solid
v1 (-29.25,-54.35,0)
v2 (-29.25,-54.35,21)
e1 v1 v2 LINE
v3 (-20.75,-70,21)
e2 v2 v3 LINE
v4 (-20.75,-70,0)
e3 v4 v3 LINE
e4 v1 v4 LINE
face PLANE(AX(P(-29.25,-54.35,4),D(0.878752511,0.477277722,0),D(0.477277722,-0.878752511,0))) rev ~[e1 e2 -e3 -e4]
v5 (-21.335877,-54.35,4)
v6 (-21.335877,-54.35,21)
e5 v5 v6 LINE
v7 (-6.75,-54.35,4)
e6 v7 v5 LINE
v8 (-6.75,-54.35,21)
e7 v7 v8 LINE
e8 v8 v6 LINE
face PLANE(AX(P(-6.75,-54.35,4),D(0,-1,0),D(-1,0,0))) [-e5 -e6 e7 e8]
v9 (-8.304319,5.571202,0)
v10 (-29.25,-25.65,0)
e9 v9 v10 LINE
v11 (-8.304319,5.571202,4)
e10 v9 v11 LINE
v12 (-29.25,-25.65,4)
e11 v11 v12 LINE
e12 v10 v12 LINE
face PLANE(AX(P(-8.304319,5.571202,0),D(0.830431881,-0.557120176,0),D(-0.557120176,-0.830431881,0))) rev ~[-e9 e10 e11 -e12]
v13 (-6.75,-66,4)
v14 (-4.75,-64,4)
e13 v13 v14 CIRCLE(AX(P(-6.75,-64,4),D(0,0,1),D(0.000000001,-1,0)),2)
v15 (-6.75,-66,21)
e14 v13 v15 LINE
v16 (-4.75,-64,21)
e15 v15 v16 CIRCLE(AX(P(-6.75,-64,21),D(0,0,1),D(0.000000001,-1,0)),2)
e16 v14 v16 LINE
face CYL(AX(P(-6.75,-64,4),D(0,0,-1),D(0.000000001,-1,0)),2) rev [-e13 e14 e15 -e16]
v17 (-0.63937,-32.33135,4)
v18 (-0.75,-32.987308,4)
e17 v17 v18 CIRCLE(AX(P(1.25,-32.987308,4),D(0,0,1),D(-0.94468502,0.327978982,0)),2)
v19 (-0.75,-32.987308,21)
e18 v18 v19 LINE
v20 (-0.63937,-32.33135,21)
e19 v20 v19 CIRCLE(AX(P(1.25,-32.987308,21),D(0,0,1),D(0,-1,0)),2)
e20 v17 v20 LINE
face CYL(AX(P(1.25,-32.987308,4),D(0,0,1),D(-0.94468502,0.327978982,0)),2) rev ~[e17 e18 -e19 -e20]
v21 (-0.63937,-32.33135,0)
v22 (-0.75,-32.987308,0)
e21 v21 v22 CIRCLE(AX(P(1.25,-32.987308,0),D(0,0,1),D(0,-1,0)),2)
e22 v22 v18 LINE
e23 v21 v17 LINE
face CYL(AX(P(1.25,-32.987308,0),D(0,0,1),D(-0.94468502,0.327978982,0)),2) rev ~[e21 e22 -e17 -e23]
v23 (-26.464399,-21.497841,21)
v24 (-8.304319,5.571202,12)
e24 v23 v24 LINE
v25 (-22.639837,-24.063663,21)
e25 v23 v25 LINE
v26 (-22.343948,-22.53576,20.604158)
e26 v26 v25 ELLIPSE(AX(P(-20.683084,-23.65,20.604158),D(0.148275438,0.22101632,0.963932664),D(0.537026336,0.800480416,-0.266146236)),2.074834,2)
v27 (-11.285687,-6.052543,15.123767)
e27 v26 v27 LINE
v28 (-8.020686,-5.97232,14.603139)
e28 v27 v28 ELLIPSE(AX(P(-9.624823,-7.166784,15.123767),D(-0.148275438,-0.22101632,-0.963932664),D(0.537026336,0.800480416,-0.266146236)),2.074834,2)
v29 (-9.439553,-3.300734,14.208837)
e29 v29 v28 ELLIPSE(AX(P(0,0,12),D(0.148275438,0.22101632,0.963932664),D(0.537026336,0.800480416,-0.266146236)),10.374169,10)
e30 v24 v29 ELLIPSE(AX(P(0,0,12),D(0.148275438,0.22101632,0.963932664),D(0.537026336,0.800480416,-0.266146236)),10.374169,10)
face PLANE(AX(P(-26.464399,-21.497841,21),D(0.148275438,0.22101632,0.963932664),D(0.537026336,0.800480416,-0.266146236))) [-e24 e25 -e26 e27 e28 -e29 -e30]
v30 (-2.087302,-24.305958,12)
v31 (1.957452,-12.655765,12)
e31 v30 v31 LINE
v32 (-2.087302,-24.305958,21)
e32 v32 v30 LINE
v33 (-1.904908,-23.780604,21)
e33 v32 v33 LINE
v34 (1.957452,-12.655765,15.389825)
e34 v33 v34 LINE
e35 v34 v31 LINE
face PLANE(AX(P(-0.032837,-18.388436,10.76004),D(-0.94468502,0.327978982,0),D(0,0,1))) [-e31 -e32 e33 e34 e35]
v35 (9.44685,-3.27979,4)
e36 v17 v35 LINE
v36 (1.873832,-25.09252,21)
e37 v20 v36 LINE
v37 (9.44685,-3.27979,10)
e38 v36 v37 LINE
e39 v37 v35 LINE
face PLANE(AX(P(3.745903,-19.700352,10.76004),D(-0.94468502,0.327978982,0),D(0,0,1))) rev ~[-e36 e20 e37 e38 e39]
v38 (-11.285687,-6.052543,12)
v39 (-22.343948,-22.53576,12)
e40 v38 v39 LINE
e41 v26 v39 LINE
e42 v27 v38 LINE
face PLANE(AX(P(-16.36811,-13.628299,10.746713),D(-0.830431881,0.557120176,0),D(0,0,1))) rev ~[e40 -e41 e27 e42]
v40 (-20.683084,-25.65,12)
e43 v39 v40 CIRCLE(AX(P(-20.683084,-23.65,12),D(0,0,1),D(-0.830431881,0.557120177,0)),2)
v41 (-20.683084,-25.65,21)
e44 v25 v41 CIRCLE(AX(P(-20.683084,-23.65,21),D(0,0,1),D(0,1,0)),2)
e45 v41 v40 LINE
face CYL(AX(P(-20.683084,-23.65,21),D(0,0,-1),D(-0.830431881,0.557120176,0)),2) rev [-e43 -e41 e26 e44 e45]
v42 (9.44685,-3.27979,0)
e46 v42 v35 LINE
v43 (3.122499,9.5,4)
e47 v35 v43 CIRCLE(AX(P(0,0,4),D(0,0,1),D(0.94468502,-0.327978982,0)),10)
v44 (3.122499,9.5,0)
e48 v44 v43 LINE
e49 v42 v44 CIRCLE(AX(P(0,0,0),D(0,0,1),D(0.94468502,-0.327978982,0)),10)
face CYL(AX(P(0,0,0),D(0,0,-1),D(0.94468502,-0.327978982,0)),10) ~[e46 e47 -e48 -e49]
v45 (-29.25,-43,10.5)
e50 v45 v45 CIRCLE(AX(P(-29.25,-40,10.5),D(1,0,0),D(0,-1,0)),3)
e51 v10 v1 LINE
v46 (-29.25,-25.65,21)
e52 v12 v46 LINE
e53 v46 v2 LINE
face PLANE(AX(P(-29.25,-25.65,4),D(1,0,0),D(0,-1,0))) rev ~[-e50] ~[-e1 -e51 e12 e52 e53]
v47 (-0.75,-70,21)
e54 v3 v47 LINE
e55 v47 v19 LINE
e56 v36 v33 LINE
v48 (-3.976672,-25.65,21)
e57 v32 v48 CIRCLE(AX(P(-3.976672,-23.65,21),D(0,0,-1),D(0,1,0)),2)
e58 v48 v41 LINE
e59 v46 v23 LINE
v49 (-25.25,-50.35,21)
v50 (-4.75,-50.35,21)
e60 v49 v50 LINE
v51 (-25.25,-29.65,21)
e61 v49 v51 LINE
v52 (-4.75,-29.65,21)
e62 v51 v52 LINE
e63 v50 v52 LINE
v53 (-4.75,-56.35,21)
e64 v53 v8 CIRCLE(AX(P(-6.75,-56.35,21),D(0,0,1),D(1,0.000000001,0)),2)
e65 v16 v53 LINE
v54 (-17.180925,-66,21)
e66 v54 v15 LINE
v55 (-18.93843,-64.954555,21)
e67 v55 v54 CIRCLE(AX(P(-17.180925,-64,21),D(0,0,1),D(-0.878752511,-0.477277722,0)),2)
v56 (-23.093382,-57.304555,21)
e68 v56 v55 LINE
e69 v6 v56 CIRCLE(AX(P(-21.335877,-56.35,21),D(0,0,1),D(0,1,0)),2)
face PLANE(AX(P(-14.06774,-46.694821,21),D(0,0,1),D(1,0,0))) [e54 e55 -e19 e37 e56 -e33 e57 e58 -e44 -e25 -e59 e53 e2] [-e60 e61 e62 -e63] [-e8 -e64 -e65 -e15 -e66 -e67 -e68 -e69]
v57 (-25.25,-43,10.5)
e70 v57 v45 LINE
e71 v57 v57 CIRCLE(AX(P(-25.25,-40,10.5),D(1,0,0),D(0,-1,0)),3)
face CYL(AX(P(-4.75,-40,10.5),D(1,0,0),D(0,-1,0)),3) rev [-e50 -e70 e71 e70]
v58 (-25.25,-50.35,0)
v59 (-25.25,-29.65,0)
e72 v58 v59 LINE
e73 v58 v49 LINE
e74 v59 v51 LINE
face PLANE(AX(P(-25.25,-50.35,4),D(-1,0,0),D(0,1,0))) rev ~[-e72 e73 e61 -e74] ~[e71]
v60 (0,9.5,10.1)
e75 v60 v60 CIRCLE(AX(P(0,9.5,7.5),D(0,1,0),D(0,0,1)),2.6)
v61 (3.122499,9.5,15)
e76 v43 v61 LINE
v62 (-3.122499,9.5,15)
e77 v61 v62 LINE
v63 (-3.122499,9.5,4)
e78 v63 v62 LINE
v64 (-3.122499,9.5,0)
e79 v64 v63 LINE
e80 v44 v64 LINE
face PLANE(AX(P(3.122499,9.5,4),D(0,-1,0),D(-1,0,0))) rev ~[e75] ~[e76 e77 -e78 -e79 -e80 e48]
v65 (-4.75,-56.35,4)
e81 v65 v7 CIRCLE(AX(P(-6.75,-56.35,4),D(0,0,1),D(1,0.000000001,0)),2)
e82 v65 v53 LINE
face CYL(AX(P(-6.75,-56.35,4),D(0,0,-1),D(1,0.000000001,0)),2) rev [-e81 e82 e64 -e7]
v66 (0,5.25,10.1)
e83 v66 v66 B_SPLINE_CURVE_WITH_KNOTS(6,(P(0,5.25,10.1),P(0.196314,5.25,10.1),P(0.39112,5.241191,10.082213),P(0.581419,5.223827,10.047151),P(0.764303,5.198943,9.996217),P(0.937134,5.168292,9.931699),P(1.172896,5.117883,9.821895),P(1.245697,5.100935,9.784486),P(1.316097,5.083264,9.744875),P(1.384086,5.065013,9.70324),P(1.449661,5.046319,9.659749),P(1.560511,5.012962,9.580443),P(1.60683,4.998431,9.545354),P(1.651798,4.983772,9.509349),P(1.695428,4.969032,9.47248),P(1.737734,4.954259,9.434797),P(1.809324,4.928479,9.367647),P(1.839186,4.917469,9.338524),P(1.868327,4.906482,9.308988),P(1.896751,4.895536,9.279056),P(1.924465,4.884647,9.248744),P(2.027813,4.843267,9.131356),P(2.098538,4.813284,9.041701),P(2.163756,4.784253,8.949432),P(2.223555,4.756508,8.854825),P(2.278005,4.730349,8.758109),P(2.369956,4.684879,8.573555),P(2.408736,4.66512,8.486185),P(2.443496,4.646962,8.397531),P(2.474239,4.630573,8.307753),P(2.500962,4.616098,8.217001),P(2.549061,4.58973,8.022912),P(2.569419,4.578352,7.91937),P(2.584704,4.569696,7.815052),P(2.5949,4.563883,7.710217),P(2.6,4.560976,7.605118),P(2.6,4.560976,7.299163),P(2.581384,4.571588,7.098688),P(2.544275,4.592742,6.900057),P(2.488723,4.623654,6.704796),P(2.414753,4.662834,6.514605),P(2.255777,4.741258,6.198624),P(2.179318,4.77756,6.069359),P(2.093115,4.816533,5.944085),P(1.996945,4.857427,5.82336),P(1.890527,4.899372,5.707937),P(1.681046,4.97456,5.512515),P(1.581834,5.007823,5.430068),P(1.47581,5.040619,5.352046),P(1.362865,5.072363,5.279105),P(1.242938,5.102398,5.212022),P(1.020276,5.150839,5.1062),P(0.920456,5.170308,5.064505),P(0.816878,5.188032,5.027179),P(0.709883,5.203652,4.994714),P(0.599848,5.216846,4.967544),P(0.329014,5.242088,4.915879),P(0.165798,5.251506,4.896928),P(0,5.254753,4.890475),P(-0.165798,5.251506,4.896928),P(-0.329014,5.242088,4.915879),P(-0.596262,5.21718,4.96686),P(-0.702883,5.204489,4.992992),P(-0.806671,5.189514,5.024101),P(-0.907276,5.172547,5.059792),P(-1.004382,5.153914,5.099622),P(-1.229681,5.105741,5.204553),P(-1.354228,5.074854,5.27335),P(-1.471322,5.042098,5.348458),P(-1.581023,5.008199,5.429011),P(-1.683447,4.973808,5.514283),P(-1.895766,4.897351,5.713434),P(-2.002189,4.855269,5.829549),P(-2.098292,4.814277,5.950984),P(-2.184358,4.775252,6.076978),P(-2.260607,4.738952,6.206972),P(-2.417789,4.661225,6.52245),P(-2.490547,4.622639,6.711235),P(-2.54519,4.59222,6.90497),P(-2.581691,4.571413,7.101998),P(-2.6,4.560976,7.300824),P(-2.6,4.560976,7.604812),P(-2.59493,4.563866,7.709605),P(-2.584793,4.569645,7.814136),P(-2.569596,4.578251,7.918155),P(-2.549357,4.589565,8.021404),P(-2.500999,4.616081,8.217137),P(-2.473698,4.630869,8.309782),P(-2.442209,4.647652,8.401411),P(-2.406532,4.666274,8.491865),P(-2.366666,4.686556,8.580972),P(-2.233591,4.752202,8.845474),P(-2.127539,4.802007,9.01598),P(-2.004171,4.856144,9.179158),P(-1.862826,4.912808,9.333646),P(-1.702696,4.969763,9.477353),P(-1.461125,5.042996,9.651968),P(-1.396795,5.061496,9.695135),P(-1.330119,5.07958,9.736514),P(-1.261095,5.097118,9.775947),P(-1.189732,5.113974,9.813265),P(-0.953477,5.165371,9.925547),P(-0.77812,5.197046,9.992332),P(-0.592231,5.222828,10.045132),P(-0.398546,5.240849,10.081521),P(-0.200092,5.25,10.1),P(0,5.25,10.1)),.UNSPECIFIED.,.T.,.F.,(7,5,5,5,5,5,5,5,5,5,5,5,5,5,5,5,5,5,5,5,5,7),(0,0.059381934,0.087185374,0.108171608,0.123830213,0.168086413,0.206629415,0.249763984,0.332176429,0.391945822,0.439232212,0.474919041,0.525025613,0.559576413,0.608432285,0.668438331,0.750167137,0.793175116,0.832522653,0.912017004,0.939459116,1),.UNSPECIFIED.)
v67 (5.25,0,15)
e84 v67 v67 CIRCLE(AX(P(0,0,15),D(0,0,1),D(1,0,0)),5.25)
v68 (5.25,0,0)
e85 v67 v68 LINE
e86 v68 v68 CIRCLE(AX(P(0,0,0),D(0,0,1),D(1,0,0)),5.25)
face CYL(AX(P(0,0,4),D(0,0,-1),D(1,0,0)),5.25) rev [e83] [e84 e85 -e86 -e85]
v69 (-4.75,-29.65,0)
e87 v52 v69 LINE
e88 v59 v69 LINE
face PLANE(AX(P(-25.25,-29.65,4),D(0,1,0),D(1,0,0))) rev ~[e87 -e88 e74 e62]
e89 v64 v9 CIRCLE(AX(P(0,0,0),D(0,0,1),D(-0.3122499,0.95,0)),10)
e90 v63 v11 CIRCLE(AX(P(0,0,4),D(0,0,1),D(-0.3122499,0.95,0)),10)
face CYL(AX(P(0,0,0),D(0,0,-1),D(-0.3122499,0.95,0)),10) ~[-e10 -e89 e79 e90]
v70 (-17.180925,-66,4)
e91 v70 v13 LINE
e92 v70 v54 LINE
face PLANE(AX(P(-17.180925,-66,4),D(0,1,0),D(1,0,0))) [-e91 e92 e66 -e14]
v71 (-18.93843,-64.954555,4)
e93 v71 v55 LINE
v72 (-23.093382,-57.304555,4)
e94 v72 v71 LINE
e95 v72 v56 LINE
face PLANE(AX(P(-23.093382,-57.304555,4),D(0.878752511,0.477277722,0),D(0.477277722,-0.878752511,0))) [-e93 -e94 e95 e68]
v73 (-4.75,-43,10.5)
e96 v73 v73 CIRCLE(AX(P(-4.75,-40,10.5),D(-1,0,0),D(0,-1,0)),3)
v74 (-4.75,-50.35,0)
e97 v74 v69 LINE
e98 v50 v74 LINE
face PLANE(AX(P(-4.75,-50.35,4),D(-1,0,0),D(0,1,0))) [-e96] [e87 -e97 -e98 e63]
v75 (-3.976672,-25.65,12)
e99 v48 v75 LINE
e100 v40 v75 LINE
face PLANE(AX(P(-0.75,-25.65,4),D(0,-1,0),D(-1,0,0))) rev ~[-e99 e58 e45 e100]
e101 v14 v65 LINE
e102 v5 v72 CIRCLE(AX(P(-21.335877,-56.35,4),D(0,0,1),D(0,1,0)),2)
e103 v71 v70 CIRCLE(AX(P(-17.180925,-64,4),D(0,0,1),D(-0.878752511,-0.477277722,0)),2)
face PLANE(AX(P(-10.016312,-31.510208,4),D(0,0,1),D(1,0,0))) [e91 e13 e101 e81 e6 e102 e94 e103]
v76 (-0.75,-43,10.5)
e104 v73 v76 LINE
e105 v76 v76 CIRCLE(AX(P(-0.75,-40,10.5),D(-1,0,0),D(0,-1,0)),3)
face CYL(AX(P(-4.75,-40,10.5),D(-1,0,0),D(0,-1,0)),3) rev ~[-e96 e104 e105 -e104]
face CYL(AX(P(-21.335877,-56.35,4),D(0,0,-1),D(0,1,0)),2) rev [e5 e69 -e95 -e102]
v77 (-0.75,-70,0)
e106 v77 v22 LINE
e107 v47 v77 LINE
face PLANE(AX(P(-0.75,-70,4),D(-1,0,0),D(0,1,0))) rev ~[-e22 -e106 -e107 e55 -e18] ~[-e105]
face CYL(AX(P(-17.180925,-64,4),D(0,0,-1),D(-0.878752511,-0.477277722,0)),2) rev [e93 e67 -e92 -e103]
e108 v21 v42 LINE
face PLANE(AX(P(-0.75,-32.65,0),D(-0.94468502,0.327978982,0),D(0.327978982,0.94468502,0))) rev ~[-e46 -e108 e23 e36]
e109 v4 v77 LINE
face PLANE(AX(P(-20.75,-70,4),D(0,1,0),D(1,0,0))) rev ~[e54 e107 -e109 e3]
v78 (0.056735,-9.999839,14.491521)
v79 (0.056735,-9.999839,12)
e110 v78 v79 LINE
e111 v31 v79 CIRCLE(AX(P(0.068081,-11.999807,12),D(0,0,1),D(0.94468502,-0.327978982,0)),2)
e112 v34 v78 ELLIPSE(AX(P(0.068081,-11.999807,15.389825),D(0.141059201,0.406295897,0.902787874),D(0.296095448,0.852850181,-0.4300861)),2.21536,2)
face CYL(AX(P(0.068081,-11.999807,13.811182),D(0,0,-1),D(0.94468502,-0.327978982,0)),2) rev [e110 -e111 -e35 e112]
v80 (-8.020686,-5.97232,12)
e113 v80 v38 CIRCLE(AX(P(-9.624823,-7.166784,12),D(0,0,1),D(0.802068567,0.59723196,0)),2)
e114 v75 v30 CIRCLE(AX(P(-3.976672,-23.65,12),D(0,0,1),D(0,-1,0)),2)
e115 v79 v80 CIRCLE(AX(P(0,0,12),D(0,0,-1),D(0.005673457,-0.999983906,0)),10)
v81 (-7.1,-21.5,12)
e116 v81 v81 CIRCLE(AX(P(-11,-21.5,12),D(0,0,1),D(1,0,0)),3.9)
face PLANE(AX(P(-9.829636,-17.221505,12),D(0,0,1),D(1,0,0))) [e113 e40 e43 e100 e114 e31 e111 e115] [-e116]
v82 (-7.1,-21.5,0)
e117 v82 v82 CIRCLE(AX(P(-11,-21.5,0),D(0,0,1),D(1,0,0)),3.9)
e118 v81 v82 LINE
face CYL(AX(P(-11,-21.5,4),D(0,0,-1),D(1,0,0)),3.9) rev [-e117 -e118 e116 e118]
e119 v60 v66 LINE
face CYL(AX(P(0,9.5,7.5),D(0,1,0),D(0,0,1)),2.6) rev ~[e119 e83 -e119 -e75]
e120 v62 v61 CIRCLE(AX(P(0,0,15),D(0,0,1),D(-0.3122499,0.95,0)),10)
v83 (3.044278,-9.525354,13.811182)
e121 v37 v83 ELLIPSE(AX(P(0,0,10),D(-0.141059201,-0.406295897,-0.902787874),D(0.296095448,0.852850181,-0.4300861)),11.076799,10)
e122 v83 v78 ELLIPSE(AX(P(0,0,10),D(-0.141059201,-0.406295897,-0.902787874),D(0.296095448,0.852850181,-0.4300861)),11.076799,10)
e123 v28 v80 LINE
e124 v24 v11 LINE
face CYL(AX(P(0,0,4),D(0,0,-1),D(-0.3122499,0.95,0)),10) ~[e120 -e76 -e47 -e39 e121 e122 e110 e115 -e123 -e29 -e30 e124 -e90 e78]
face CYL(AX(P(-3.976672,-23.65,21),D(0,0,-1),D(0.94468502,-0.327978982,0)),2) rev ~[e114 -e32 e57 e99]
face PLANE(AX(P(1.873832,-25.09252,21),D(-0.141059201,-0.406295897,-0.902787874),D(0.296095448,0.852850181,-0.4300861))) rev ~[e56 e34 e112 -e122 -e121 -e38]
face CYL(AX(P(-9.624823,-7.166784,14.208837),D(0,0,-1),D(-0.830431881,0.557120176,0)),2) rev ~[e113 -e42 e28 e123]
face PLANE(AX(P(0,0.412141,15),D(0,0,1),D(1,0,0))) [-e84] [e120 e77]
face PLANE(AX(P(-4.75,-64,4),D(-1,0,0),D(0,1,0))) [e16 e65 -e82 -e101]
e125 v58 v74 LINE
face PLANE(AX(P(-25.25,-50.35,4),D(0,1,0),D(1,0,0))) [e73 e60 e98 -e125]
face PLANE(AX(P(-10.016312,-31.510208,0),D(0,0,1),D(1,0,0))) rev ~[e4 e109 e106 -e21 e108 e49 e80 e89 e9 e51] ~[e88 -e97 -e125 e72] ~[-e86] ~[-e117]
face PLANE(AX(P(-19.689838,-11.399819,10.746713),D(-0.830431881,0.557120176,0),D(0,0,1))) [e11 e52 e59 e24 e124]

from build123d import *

# Parameters (mm, degrees)
SKETCH1_R               = 5.25
SKETCH1_R_2             = 3.9
SKETCH1_W               = 20.5
SKETCH1_H               = 20.7
BOSS_EXTRUDE1_DEPTH     = 4
SKETCH2_R               = 5.25
BOSS_EXTRUDE2_DEPTH     = 11
SKETCH3_W               = 20.5
SKETCH3_H               = 20.7
BOSS_EXTRUDE3_DEPTH     = 17
BOSS_EXTRUDE4_DEPTH     = 4
BOSS_EXTRUDE6_DEPTH     = 4
FILLET8_R               = 2
SKETCH7_R               = 2.6
CUT_EXTRUDE1_DEPTH      = 6
SKETCH9_R               = 3
CUT_EXTRUDE2_DEPTH      = 25.5
CUT_EXTRUDE2_DEPTH_BACK = 15.75
SKETCH10_R              = 3.9
BOSS_EXTRUDE7_DEPTH     = 8


with BuildPart() as part:
    # Sketch1 → Boss-Extrude1 (new body)
    with BuildSketch(Plane.XY):
        with BuildLine():
            Line((-29.25, -25.65), (-29.25, -54.35))
            Line((-29.25, -54.35), (-20.75, -70))
            Line((-20.75, -70), (-0.75, -70))
            Line((-0.75, -70), (-0.75, -32.65))
            Line((-0.75, -32.65), (9.446850202, -3.279789821))
            ThreePointArc((9.446850202, -3.279789821), (8.962582875, 4.435325039), (3.122498999, 9.5))
            Line((3.122498999, 9.5), (-3.122498999, 9.5))
            ThreePointArc((-3.122498999, 9.5), (-6.041680661, 7.968569181), (-8.304318811, 5.571201763))
            Line((-8.304318811, 5.571201763), (-29.25, -25.65))
        make_face()
        Circle(SKETCH1_R, mode=Mode.SUBTRACT)
        with Locations((-11, -21.5)):
            Circle(SKETCH1_R_2, mode=Mode.SUBTRACT)
        with Locations((-15, -40)):
            Rectangle(SKETCH1_W, SKETCH1_H, mode=Mode.SUBTRACT)
    extrude(amount=BOSS_EXTRUDE1_DEPTH)

    # Sketch2 → Boss-Extrude2 (add)
    with BuildSketch(Plane.XY.offset(4)):
        with BuildLine():
            Line((3.122498999, 9.5), (-3.122498999, 9.5))
            ThreePointArc((-3.122498999, 9.5), (0, -10), (3.122498999, 9.5))
        make_face()
        Circle(SKETCH2_R, mode=Mode.SUBTRACT)
    extrude(amount=BOSS_EXTRUDE2_DEPTH)

    # Sketch3 → Boss-Extrude3 (add)
    with BuildSketch(Plane.XY.offset(4)):
        Polygon((-29.25, -25.65), (-29.25, -54.35), (-20.75, -70), (-0.75, -70), (-0.75, -25.65), align=None)
        with Locations((-15, -40)):
            Rectangle(SKETCH3_W, SKETCH3_H, mode=Mode.SUBTRACT)
        with BuildLine():
            Line((-6.75, -54.35), (-21.33587702, -54.35))
            ThreePointArc((-21.33587702, -54.35), (-23.054759053, -55.327530168), (-23.093382043, -57.304555444))
            Line((-23.093382043, -57.304555444), (-18.938429966, -64.954555444))
            ThreePointArc((-18.938429966, -64.954555444), (-18.203394775, -65.718882033), (-17.180924944, -66))
            Line((-17.180924944, -66), (-6.75, -66))
            ThreePointArc((-6.75, -66), (-5.335786438, -65.414213562), (-4.75, -64))
            Line((-4.75, -64), (-4.75, -56.35))
            ThreePointArc((-4.75, -56.35), (-5.335786438, -54.935786438), (-6.75, -54.35))
        make_face(mode=Mode.SUBTRACT)
    extrude(amount=BOSS_EXTRUDE3_DEPTH)

    # Sketch4 → Boss-Extrude4 (add)
    with BuildSketch(Plane(origin=(-8.304318811, 5.571201763, 0), x_dir=(0, 0, 1), z_dir=(-0.830431881, 0.557120176, 0))):
        Polygon((4, -37.596342907), (21, -37.596342907), (21, -32.596342907), (12, 0), (4, 0), align=None)
    extrude(amount=-BOSS_EXTRUDE4_DEPTH)

    # Sketch6 → Boss-Extrude6 (add)
    with BuildSketch(Plane(origin=(9.446850202, -3.279789821, 0), x_dir=(0, 0, -1), z_dir=(0.94468502, -0.327978982, 0))):
        Polygon((-4, -31.089950145), (-21, -31.089950145), (-21, -23.089950145), (-10, 0), (-4, 0), align=None)
    extrude(amount=-BOSS_EXTRUDE6_DEPTH)

    # Fillet8
    fillet8_edges = [part.edges().sort_by_distance(p)[0] for p in [
        (-24.433229244, -25.65, 12.5),
        (-2.553931563, -25.65, 12.5),
        (3.044278264, -9.525354054, 8.905590949),
        (-9.439552697, -3.300733991, 9.104418373),
        (-0.75, -32.65, 10.5),
    ]]
    fillet(fillet8_edges, radius=FILLET8_R)

    # Sketch7 → Cut-Extrude1 (cut)
    with BuildSketch(Plane(origin=(0, 9.5, 0), x_dir=(1, 0, 0), z_dir=(0, 1, 0))):
        with Locations(Location((0, -7.5, 0), (0, 0, 270))):  # turned: the seam where the file's is
            Circle(SKETCH7_R)
    extrude(amount=-CUT_EXTRUDE1_DEPTH, mode=Mode.SUBTRACT)

    # Sketch9 → Cut-Extrude2 (cut, two sides)
    with BuildSketch(Plane.ZY.offset(4.75)) as cut_extrude2_sk:
        with Locations(Location((10.5, -40, 0), (0, 0, 270))):  # turned: the seam where the file's is
            Circle(SKETCH9_R)
    extrude(amount=CUT_EXTRUDE2_DEPTH, mode=Mode.SUBTRACT)
    extrude(cut_extrude2_sk.sketch, amount=-CUT_EXTRUDE2_DEPTH_BACK, mode=Mode.SUBTRACT)

    # Sketch10 → Boss-Extrude7 (add)
    with BuildSketch(Plane.XY.offset(4)):
        with BuildLine():
            Line((-11.28568656, -6.052543173), (-22.343947541, -22.535759647))
            ThreePointArc((-22.343947541, -22.535759647), (-22.44780482, -24.591148048), (-20.683083779, -25.65))
            Line((-20.683083779, -25.65), (-3.976672485, -25.65))
            ThreePointArc((-3.976672485, -25.65), (-2.817344215, -25.279711006), (-2.087302444, -24.305957964))
            Line((-2.087302444, -24.305957964), (1.957451524, -12.655764834))
            ThreePointArc((1.957451524, -12.655764834), (1.69449722, -10.835860199), (0.05673457, -9.999839058))
            ThreePointArc((0.05673457, -9.999839058), (-4.462214417, -8.949225805), (-8.020685665, -5.972319605))
            ThreePointArc((-8.020685665, -5.972319605), (-9.6739495, -5.167386975), (-11.28568656, -6.052543173))
        make_face()
        with Locations((-11, -21.5)):
            Circle(SKETCH10_R, mode=Mode.SUBTRACT)
    extrude(amount=BOSS_EXTRUDE7_DEPTH)


solid = part.part
